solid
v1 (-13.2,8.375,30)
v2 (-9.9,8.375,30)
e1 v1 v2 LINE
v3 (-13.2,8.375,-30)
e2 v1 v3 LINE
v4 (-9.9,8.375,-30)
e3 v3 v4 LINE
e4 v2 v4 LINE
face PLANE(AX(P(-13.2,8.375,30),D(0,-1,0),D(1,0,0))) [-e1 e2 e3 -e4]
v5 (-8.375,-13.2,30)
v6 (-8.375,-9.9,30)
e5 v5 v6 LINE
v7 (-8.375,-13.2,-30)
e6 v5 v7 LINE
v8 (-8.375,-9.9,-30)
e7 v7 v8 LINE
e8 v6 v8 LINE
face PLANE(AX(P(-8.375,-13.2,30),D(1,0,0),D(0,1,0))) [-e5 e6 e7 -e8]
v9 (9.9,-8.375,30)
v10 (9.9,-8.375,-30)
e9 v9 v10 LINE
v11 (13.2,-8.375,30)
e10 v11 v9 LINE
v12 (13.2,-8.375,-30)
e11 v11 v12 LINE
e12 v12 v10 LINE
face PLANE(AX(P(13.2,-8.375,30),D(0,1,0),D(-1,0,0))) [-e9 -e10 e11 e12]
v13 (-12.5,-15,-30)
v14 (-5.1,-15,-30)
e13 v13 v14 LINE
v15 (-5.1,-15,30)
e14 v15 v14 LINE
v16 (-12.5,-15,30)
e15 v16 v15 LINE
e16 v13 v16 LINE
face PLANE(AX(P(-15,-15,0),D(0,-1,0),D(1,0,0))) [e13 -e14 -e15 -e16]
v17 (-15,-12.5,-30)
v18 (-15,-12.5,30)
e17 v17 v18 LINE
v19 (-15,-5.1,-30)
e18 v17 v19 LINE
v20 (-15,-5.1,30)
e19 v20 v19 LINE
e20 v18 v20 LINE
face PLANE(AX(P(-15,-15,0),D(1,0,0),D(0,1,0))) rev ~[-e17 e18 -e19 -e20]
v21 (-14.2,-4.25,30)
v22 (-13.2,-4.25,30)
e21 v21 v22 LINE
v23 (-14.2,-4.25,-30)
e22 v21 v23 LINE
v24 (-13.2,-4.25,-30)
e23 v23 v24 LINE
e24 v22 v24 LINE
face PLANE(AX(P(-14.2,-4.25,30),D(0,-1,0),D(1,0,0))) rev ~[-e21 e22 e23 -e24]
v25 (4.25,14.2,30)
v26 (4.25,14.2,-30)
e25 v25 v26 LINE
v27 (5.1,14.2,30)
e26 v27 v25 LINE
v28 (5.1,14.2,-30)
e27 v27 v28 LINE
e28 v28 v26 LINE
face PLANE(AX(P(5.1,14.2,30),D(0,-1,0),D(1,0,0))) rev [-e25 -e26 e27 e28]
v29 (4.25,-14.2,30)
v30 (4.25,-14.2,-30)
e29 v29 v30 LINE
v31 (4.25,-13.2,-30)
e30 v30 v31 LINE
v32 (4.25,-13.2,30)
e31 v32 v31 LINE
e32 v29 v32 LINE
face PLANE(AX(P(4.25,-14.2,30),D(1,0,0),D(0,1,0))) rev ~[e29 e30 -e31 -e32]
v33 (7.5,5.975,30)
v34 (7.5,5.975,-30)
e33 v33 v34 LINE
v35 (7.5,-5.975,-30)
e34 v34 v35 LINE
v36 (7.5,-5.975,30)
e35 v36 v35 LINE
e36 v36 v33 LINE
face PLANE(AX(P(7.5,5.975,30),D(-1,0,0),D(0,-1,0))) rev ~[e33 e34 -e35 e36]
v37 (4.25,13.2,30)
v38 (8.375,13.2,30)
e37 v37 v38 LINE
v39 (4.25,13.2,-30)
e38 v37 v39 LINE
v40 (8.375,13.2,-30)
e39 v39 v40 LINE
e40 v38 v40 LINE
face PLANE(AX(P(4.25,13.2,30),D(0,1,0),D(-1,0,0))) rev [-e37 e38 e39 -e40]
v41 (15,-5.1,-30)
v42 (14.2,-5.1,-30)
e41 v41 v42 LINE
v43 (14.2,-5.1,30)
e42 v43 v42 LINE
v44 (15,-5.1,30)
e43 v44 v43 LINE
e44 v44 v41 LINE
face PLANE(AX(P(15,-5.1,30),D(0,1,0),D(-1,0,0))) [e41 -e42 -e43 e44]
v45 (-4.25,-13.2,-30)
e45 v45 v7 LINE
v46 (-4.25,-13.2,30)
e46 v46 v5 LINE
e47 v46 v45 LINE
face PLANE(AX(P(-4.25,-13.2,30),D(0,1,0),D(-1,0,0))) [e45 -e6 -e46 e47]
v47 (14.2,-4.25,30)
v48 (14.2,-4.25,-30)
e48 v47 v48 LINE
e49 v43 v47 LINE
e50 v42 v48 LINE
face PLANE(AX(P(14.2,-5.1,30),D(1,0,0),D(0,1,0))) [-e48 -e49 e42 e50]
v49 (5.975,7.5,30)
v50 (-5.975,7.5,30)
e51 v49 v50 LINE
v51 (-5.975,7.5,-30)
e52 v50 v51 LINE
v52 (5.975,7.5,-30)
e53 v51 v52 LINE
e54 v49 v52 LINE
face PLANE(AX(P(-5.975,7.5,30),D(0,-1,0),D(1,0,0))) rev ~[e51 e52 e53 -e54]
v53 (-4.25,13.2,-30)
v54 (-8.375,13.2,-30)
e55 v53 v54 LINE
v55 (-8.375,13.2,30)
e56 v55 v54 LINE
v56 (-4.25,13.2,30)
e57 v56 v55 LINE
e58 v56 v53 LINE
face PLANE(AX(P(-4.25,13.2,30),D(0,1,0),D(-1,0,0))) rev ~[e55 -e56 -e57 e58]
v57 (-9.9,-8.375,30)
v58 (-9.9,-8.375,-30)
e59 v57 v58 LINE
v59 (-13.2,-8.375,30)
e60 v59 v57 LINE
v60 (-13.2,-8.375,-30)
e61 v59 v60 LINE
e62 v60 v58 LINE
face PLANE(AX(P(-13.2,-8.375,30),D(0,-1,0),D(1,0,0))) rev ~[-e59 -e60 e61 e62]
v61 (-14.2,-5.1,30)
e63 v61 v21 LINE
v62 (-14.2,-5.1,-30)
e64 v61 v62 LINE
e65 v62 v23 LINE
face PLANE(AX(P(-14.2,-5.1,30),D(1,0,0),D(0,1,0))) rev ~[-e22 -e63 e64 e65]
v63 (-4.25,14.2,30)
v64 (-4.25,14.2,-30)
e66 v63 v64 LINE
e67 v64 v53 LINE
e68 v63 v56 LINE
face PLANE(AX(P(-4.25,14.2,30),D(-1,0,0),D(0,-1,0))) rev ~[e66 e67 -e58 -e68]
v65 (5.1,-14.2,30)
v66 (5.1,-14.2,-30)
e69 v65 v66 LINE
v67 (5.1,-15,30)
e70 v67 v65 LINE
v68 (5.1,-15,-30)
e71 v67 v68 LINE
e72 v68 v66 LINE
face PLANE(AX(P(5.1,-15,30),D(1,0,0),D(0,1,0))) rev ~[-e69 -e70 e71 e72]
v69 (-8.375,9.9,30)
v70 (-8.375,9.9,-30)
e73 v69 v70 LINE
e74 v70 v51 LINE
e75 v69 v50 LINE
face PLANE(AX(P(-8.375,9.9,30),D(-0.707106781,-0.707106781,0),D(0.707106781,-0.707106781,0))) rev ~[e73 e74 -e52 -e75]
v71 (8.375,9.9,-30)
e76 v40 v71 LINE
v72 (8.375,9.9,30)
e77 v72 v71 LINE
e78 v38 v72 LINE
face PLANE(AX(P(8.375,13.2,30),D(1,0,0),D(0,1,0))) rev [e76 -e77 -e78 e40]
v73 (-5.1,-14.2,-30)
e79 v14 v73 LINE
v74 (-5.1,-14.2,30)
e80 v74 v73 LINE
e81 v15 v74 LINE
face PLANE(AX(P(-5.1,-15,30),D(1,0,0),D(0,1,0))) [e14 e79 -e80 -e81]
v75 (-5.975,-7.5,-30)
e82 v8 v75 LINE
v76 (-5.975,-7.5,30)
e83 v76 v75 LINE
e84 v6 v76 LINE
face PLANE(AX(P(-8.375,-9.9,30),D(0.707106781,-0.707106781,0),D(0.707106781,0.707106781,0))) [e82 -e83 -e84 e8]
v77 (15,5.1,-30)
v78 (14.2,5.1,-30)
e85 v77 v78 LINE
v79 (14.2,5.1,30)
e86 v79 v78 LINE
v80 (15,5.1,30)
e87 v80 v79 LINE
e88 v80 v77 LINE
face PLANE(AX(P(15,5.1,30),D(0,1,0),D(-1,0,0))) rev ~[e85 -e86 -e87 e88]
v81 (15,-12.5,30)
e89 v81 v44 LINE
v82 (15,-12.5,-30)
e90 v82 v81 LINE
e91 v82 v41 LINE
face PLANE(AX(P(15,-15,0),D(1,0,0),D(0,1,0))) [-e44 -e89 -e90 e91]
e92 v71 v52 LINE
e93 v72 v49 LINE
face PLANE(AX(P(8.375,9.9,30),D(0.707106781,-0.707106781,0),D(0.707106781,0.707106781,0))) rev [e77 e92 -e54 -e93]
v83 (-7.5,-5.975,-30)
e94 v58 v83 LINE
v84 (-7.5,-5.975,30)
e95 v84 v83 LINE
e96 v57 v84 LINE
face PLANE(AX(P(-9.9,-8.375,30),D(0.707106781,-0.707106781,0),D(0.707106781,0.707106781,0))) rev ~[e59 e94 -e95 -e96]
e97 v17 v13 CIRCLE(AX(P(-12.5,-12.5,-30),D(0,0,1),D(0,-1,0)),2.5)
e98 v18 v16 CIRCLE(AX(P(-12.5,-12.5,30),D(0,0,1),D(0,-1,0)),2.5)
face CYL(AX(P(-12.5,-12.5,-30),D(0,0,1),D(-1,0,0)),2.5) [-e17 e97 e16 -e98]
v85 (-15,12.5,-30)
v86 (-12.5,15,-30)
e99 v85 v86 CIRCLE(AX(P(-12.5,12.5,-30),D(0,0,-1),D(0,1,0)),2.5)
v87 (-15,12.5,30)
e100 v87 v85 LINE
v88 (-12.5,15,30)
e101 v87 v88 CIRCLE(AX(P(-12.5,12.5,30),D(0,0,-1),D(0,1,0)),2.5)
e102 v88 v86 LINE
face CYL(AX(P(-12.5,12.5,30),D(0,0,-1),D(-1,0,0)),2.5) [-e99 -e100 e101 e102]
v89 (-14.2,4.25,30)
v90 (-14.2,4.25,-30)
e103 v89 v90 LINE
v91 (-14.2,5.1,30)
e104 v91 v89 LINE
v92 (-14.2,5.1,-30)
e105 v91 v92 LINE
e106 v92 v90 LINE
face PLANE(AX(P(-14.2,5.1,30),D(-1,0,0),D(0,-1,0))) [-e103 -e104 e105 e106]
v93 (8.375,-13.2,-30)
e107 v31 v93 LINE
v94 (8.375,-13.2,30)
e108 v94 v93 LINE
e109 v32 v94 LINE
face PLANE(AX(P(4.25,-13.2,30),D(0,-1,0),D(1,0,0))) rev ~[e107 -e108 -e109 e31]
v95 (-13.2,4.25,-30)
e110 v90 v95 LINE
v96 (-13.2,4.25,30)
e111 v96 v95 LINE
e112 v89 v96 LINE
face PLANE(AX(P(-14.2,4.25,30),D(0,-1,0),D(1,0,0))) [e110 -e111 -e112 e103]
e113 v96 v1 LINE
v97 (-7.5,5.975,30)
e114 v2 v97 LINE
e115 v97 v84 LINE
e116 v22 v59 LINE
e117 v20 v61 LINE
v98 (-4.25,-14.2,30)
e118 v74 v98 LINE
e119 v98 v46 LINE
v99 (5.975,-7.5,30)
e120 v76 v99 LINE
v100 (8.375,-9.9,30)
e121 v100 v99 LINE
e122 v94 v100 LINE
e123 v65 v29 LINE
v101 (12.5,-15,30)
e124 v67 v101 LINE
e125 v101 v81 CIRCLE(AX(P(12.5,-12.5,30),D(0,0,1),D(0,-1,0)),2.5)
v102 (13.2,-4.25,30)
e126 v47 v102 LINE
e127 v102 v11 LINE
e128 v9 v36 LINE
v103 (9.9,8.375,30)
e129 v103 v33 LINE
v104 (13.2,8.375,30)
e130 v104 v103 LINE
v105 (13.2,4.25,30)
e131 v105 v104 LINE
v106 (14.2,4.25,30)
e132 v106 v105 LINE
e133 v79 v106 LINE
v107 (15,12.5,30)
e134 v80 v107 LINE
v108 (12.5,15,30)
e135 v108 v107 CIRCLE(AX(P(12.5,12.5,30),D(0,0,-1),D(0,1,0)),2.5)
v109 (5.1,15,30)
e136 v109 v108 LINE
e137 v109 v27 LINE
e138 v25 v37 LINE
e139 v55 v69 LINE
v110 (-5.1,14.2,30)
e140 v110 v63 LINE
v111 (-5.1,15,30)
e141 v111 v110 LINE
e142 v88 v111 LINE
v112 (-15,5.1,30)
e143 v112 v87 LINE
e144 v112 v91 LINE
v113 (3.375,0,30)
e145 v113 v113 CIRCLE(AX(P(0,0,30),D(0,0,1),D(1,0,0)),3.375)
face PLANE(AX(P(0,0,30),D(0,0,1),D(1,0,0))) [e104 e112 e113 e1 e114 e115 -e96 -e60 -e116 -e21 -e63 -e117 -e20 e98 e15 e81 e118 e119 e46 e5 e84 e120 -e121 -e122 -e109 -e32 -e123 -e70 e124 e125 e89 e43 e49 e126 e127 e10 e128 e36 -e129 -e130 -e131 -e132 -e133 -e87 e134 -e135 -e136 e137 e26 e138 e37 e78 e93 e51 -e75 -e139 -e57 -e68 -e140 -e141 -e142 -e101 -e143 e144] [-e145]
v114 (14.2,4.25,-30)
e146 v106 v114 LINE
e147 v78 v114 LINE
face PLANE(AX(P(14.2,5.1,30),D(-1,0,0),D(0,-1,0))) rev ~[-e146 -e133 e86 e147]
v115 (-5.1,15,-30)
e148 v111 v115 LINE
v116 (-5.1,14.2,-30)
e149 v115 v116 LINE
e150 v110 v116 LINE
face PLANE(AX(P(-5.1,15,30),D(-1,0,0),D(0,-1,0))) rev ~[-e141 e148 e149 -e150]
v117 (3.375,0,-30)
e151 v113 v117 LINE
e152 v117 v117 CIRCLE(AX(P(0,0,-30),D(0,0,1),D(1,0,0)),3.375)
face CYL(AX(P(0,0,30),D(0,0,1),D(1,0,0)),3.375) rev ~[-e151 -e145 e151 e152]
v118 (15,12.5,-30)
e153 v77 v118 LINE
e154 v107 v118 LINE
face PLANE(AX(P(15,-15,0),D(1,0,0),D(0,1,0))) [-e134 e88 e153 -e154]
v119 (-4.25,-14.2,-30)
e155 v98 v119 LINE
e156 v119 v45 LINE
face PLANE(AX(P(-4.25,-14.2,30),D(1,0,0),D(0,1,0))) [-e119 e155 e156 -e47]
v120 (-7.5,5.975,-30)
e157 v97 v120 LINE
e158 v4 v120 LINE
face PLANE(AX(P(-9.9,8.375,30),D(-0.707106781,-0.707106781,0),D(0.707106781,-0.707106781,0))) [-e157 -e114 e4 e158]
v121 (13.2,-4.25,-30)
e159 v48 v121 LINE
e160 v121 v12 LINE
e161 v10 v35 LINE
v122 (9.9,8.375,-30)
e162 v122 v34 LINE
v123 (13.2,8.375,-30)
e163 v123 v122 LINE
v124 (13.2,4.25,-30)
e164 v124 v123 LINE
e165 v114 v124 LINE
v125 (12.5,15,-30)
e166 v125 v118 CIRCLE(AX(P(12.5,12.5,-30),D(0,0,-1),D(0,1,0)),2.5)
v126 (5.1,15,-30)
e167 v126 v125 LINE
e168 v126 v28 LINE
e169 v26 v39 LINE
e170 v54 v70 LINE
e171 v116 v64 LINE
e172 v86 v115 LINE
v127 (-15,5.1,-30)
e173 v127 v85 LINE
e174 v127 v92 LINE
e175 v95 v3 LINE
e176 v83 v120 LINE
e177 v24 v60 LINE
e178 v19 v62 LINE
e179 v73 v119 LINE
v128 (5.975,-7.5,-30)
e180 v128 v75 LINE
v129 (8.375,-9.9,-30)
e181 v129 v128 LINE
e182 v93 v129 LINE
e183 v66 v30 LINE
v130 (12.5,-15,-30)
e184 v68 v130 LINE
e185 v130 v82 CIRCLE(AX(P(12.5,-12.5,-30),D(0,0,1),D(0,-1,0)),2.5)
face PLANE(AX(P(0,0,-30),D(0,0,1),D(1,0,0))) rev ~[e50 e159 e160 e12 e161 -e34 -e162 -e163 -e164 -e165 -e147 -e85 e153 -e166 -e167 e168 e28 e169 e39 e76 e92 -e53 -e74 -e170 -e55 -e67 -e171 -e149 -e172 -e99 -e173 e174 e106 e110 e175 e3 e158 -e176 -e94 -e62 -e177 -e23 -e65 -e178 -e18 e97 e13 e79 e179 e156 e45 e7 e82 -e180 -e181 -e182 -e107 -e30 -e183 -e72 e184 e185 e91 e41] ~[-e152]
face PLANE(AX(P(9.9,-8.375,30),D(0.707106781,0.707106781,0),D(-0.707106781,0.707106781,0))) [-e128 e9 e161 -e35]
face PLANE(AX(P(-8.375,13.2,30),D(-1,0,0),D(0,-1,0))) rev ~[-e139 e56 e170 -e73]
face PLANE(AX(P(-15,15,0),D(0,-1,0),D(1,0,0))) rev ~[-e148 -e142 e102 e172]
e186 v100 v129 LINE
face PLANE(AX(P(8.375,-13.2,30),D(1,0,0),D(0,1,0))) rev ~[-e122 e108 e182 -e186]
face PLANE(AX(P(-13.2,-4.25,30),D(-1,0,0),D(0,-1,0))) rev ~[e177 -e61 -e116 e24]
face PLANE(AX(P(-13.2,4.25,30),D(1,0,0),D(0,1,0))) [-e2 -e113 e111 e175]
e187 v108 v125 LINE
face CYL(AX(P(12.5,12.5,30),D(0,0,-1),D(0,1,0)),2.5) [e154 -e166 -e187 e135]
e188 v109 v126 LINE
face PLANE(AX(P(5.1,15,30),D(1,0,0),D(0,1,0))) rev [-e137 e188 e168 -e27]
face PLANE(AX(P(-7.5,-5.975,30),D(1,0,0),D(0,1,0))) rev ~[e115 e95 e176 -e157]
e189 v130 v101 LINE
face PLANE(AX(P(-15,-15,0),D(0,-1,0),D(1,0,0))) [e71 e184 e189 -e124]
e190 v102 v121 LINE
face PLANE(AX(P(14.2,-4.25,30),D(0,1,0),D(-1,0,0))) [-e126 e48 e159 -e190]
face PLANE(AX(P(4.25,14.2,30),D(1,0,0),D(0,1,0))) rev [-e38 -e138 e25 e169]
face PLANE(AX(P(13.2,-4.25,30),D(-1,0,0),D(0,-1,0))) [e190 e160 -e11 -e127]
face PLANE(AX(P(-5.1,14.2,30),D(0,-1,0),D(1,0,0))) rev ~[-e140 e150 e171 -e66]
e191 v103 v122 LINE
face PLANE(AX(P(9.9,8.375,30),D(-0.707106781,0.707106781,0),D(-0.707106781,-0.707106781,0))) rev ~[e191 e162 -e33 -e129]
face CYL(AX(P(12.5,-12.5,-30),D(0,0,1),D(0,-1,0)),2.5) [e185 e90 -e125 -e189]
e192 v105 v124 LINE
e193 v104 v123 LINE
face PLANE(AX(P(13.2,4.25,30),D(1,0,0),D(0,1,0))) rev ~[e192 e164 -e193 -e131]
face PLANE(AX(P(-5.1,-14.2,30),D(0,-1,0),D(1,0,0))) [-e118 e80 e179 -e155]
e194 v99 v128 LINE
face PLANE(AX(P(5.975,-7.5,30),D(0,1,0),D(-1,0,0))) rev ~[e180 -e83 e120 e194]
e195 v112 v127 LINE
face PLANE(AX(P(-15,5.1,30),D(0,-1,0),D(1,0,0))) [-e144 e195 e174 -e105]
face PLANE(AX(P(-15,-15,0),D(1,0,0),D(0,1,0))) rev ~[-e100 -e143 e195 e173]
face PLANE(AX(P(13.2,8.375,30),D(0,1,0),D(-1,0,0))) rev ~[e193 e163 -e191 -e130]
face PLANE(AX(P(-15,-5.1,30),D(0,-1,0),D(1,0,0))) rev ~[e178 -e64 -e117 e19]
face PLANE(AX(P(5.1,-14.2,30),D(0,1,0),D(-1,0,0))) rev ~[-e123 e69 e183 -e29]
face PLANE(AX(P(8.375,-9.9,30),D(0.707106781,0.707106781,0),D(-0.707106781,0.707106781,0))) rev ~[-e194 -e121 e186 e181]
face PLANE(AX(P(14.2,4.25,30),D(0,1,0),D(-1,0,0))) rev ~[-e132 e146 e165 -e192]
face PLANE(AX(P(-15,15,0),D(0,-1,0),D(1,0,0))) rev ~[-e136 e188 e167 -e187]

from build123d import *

# Parameters (mm, degrees)
SKETCH1_W                = 30
SKETCH1_H                = 30
BOSS_EXTRUDE1_DEPTH      = 30
SKETCH2_R                = 3.375
CUT_EXTRUDE1_DEPTH       = 64.639610307
FILLET1_R                = 2.5
CUT_EXTRUDE2_DEPTH       = 64.639610307
CIRPATTERN1_COUNT        = 4
CIRPATTERN1_COPY_1_DEPTH = 64.639610307
CIRPATTERN1_COPY_2_DEPTH = 64.639610307
CIRPATTERN1_COPY_3_DEPTH = 64.639610307


with BuildPart() as part:
    # Sketch1 → Boss-Extrude1 (new, symmetric)
    with BuildSketch(Plane.XY):
        Rectangle(SKETCH1_W, SKETCH1_H)
    extrude(amount=BOSS_EXTRUDE1_DEPTH, both=True)

    # Sketch2 → Cut-Extrude1 (cut, through all)
    with BuildSketch(Plane.XY.offset(30)):
        Circle(SKETCH2_R)
    extrude(amount=-CUT_EXTRUDE1_DEPTH, mode=Mode.SUBTRACT)

    # Fillet1
    fillet1_edges = [part.edges().sort_by_distance(p)[0] for p in [
        (15, -15, 0),
        (-15, -15, 0),
        (-15, 15, 0),
        (15, 15, 0),
    ]]
    fillet(fillet1_edges, radius=FILLET1_R)

    # Sketch3 → Cut-Extrude2 (cut, through all)
    with BuildSketch(Plane.XY.offset(30)):
        Polygon((0, 15), (-5.1, 15), (-5.1, 14.2), (-4.25, 14.2), (-4.25, 13.2), (-8.375, 13.2), (-8.375, 9.9), (-5.975, 7.5), (0, 7.5), align=None)
    cut_extrude2 = extrude(amount=-CUT_EXTRUDE2_DEPTH, mode=Mode.SUBTRACT)

    # Mirror1: Cut-Extrude2 across plane
    add(cut_extrude2.mirror(Plane(origin=(0, 0, 0), x_dir=(0, 0, 1), z_dir=(1, 0, 0))), mode=Mode.SUBTRACT)

    # CirPattern1: Cut-Extrude2 ×4 about axis
    cirpattern1_axis = Axis((0, 0, 0), (0, 0, 1))
    for i in range(1, CIRPATTERN1_COUNT):
        add(cut_extrude2.rotate(cirpattern1_axis, i * 360 / CIRPATTERN1_COUNT), mode=Mode.SUBTRACT)

    # CirPattern1 copy 1 sketch → CirPattern1 copy 1 (cut, through all)
    with BuildSketch(Plane(origin=(0, 0, 30), x_dir=(0, -1, 0), z_dir=(0, 0, 1))):
        Polygon((0, -15), (-5.1, -15), (-5.1, -14.2), (-4.25, -14.2), (-4.25, -13.2), (-8.375, -13.2), (-8.375, -9.9), (-5.975, -7.5), (0, -7.5), align=None)
    extrude(amount=-CIRPATTERN1_COPY_1_DEPTH, mode=Mode.SUBTRACT)

    # CirPattern1 copy 2 sketch → CirPattern1 copy 2 (cut, through all)
    with BuildSketch(Plane.XY.offset(30)):
        Polygon((0, -15), (-5.1, -15), (-5.1, -14.2), (-4.25, -14.2), (-4.25, -13.2), (-8.375, -13.2), (-8.375, -9.9), (-5.975, -7.5), (0, -7.5), align=None)
    extrude(amount=-CIRPATTERN1_COPY_2_DEPTH, mode=Mode.SUBTRACT)

    # CirPattern1 copy 3 sketch → CirPattern1 copy 3 (cut, through all)
    with BuildSketch(Plane(origin=(0, 0, 30), x_dir=(0, 1, 0), z_dir=(0, 0, 1))):
        Polygon((0, -15), (-5.1, -15), (-5.1, -14.2), (-4.25, -14.2), (-4.25, -13.2), (-8.375, -13.2), (-8.375, -9.9), (-5.975, -7.5), (0, -7.5), align=None)
    extrude(amount=-CIRPATTERN1_COPY_3_DEPTH, mode=Mode.SUBTRACT)


solid = part.part
